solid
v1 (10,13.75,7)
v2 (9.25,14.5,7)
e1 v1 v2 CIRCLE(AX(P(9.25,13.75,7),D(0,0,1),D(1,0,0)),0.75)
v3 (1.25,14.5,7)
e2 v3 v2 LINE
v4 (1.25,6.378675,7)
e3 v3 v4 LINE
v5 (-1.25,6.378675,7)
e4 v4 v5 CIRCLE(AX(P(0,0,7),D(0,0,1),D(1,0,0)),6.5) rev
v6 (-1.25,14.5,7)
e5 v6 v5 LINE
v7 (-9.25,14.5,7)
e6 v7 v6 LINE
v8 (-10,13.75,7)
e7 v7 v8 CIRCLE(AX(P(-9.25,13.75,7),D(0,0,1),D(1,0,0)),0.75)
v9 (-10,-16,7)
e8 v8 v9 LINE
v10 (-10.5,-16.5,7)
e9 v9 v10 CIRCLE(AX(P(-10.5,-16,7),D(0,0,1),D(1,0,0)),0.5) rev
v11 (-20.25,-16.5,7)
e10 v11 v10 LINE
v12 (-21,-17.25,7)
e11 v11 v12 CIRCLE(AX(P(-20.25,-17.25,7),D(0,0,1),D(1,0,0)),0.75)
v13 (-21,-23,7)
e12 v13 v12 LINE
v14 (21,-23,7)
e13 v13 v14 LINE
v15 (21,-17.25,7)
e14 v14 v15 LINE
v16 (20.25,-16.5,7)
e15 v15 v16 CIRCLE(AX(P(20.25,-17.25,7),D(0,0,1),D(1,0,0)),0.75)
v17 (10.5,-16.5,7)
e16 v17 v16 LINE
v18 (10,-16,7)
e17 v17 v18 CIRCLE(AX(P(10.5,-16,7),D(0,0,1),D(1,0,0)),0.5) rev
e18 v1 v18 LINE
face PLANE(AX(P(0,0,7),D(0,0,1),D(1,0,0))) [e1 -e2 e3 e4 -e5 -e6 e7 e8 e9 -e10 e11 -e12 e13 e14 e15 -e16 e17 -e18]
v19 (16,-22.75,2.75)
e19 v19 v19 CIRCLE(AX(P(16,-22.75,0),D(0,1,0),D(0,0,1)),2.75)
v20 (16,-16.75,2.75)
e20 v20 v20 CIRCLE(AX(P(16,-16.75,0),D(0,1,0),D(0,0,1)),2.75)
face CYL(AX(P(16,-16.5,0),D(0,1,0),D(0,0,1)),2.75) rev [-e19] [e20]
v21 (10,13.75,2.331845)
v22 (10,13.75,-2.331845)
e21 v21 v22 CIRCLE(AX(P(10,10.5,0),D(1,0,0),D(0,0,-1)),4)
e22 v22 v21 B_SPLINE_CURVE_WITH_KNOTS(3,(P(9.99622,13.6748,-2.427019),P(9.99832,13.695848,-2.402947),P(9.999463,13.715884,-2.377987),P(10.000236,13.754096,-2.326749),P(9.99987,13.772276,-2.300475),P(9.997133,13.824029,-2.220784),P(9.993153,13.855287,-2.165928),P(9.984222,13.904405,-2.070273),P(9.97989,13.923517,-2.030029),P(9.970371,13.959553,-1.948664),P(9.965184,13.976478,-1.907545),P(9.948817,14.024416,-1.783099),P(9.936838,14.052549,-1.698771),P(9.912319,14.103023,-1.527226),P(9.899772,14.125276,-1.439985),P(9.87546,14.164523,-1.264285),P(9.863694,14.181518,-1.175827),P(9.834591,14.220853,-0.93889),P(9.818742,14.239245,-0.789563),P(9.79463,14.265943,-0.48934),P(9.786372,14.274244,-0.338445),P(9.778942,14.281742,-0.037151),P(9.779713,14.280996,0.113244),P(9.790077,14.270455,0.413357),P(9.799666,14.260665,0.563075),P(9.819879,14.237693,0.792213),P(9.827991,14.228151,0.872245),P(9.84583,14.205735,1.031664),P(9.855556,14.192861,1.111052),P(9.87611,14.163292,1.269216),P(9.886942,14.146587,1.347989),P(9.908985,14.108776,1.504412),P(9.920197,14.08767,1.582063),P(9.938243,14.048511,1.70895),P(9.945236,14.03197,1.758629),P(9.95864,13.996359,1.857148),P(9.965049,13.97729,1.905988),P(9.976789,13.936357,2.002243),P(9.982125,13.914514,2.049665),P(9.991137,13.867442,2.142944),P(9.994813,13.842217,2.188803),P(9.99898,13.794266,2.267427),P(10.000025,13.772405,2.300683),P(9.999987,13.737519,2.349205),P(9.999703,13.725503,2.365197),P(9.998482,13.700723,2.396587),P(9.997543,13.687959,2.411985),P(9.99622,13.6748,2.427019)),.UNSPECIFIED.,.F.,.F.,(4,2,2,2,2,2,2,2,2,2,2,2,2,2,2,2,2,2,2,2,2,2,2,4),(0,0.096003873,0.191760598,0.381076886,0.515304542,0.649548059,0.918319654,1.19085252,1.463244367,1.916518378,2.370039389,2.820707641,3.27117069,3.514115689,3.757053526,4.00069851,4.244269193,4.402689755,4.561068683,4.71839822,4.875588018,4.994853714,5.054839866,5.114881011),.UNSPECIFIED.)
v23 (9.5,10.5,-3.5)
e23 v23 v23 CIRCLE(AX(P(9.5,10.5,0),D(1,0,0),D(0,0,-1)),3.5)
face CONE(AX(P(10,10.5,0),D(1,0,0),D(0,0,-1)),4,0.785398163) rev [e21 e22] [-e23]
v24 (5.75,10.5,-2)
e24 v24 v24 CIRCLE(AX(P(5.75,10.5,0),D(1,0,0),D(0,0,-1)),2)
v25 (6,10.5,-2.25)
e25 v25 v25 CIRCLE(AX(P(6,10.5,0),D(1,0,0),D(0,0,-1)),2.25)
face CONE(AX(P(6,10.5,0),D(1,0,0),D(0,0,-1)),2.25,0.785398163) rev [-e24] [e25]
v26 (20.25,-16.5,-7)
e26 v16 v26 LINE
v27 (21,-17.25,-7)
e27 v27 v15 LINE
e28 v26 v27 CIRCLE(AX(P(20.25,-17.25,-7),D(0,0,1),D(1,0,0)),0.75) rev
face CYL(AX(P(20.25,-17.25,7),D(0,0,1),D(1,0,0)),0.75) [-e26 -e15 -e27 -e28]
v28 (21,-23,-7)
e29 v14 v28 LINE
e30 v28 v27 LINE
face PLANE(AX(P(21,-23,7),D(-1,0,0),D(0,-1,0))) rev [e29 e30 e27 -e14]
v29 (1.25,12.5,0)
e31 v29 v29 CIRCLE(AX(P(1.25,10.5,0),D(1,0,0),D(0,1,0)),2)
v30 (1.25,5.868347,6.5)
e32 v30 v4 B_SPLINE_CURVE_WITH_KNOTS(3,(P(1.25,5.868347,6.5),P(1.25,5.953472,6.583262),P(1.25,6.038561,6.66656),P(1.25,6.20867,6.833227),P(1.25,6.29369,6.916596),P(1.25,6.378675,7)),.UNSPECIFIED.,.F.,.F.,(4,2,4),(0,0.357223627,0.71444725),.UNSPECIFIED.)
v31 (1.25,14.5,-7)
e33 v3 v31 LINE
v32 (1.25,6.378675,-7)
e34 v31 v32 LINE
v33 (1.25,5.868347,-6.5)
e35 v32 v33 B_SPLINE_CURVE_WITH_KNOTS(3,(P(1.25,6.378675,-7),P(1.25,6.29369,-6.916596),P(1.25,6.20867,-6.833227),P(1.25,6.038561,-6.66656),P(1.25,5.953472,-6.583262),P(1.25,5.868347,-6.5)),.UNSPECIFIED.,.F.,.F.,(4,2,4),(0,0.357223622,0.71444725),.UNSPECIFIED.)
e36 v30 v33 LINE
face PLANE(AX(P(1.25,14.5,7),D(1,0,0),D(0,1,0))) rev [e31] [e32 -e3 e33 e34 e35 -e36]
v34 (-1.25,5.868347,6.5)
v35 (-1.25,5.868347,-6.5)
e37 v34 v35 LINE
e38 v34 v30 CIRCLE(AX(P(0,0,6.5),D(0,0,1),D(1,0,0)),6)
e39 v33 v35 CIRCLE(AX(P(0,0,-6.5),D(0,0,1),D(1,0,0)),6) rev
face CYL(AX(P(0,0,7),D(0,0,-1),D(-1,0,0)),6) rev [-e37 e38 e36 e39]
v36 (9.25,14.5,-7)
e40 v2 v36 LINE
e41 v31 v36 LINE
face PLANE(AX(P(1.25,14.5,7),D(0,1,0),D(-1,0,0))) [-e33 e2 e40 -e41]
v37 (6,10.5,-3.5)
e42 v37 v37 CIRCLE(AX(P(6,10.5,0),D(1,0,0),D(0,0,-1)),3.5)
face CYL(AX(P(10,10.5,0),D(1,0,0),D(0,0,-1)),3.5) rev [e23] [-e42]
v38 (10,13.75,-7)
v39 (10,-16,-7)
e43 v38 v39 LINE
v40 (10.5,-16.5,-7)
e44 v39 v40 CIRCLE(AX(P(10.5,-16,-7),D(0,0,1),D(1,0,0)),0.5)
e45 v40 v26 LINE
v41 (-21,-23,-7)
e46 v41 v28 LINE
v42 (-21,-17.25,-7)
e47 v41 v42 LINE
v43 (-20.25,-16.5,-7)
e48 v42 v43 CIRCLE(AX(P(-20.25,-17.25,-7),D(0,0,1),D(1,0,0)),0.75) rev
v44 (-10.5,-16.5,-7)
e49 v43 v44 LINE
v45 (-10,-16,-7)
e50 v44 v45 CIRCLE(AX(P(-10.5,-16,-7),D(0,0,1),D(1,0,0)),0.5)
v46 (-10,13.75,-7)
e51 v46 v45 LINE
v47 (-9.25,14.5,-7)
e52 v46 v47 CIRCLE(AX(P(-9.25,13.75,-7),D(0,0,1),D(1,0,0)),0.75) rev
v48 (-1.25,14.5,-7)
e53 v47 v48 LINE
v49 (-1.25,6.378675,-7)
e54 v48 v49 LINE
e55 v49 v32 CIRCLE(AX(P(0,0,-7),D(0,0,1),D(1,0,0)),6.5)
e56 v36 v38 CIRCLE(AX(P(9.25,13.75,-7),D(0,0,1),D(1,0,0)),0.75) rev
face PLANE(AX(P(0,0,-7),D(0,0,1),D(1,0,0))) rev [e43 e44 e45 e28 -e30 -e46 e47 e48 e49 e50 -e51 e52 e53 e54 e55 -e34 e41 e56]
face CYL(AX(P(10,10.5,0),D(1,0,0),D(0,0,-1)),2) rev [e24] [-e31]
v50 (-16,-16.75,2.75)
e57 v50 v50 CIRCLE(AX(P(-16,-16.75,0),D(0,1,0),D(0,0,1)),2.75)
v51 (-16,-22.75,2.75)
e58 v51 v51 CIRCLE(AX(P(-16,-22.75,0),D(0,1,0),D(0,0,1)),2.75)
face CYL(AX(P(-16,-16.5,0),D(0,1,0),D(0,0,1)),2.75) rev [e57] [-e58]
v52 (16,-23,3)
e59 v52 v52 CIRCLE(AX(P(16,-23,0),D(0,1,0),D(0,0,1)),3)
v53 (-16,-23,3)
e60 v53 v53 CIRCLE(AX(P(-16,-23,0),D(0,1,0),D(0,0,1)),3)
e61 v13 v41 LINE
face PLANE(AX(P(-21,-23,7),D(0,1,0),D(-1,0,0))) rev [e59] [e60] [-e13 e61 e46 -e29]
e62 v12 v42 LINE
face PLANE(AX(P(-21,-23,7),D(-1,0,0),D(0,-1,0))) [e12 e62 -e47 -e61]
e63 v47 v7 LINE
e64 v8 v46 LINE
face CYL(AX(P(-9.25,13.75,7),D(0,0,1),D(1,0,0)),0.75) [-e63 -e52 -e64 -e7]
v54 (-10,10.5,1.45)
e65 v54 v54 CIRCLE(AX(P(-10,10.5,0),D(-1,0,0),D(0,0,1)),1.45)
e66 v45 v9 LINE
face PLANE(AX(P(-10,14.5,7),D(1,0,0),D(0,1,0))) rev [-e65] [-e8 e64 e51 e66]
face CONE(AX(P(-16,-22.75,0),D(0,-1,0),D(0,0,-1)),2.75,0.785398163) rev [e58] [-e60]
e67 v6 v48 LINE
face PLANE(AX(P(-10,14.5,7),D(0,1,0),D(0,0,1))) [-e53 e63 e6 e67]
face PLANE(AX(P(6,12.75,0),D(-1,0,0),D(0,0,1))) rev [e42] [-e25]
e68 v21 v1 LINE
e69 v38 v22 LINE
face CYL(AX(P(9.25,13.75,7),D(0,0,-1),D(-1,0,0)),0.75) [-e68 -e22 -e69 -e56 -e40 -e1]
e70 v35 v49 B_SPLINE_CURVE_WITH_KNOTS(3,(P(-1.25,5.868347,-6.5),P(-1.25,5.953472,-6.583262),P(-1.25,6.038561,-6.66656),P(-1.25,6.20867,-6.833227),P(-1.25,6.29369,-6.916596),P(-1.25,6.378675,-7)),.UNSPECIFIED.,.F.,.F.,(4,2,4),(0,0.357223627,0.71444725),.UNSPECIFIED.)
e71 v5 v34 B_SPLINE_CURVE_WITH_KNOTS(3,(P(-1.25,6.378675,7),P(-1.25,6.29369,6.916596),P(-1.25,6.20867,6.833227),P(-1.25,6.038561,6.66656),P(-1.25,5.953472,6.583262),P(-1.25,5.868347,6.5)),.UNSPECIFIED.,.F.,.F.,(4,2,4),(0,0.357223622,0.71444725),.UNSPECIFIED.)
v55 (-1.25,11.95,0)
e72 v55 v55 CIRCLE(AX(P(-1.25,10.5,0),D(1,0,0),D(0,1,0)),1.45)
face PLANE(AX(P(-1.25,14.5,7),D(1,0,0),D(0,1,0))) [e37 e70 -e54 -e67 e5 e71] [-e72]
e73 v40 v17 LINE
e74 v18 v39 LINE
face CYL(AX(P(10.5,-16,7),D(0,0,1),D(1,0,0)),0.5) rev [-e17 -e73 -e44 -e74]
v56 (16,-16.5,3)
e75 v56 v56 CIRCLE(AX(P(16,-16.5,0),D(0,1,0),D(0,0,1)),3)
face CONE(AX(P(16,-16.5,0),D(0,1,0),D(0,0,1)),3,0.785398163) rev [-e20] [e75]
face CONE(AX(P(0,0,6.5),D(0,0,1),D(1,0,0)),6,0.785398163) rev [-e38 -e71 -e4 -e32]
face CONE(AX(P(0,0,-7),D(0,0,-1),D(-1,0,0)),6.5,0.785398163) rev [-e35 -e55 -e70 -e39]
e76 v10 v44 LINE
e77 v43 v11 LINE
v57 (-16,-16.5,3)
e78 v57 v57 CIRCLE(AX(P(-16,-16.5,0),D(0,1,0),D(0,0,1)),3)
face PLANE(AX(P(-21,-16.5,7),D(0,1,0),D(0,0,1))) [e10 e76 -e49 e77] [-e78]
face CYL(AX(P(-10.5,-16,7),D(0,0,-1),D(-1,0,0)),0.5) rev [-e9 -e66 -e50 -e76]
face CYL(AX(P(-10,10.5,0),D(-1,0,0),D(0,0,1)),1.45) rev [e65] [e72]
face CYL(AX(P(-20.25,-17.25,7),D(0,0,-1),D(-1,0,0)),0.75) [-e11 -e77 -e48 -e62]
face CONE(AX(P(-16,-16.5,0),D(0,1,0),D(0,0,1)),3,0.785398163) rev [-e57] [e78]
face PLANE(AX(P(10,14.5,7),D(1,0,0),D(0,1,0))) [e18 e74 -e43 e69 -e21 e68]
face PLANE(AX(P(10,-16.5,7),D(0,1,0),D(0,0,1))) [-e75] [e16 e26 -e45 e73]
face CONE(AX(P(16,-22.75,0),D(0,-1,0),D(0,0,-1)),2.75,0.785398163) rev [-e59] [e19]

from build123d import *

# Parameters (mm, degrees)
BOSS_EXTRUDE1_DEPTH                 = 7
F_5_5_5_5_DIAMETER_HOLE2_AT_2_COUNT = 2
F_5_5_5_5_DIAMETER_HOLE2_AT_2_PITCH = 32
M3_5X0_6_TAPPED_HOLE1_D             = 2.9
M3_5X0_6_TAPPED_HOLE1_DEPTH         = 8.75
FILLET1_R                           = 0.75
FILLET1_2_R                         = 0.5
CHAMFER1_SIZE                       = 0.5


with BuildPart() as part:
    # Sketch2 → Boss-Extrude1 (new body, symmetric)
    with BuildSketch(Plane.XY):
        with BuildLine():
            Line((-21, -16.5), (-10, -16.5))
            Line((-10, -16.5), (-10, 14.5))
            Line((-10, 14.5), (-1.25, 14.5))
            Line((-1.25, 14.5), (-1.25, 5.868347297))
            ThreePointArc((-1.25, 5.868347297), (0, -6), (1.25, 5.868347297))
            Line((1.25, 5.868347297), (1.25, 14.5))
            Line((1.25, 14.5), (10, 14.5))
            Line((10, 14.5), (10, -16.5))
            Line((10, -16.5), (21, -16.5))
            Line((21, -16.5), (21, -23))
            Line((21, -23), (-21, -23))
            Line((-21, -23), (-21, -16.5))
        make_face()
    extrude(amount=BOSS_EXTRUDE1_DEPTH, both=True)

    # Sketch5 → 5.5 _5.5_ Diameter Hole2 (revolve, cut)
    with BuildSketch(Plane(origin=(-16, -16.5, 0), x_dir=(0, 0, 1), z_dir=(1, 0, 0))):
        Polygon((0, 0), (0, 6.5), (3, 6.5), (2.75, 6.25), (2.75, 0.25), (3, 0), align=None)
    f_5_5_5_5_diameter_hole2 = revolve(axis=Axis((-16, -10.15, 0), (0, -1, 0)), mode=Mode.SUBTRACT)

    # 5.5 _5.5_ Diameter Hole2 at 2: 5.5 _5.5_ Diameter Hole2 ×2
    with Locations(*[(i * F_5_5_5_5_DIAMETER_HOLE2_AT_2_PITCH, 0, 0) for i in range(1, F_5_5_5_5_DIAMETER_HOLE2_AT_2_COUNT)]):
        add(f_5_5_5_5_diameter_hole2, mode=Mode.SUBTRACT)

    # M3.5x0.6 Tapped Hole1
    with Locations(Plane.ZY.offset(10)):
        with Locations((0, 10.5)):
            Hole(M3_5X0_6_TAPPED_HOLE1_D / 2, depth=M3_5X0_6_TAPPED_HOLE1_DEPTH)

    # Fillet1
    fillet1_edges = [part.edges().sort_by_distance(p)[0] for p in [
        (10, 14.5, 0),
        (-10, 14.5, 0),
        (21, -16.5, 0),
        (-21, -16.5, 0),
    ]]
    fillet(fillet1_edges, radius=FILLET1_R)

    # Fillet1 2
    fillet1_2_edges = [part.edges().sort_by_distance(p)[0] for p in [
        (10, -16.5, 0),
        (-10, -16.5, 0),
    ]]
    fillet(fillet1_2_edges, radius=FILLET1_2_R)

    # Sketch12 → CBORE for M5 Hex Head Bolt1 (revolve, cut)
    with BuildSketch(Plane(origin=(10, 10.5, 0), x_dir=(0, 0, -1), z_dir=(0, 1, 0))):
        Polygon((0, 0), (0, 8.75), (2, 8.75), (2, 4.25), (2.25, 4), (3.5, 4), (3.5, 0.5), (4, 0), align=None)
    revolve(axis=Axis((16.35, 10.5, 0), (-1, 0, 0)), mode=Mode.SUBTRACT)

    # Chamfer1
    chamfer1_edges = [part.edges().sort_by_distance(p)[0] for p in [
        (0, -6, 7),
        (0, -6, -7),
    ]]
    chamfer(chamfer1_edges, length=CHAMFER1_SIZE)


solid = part.part
